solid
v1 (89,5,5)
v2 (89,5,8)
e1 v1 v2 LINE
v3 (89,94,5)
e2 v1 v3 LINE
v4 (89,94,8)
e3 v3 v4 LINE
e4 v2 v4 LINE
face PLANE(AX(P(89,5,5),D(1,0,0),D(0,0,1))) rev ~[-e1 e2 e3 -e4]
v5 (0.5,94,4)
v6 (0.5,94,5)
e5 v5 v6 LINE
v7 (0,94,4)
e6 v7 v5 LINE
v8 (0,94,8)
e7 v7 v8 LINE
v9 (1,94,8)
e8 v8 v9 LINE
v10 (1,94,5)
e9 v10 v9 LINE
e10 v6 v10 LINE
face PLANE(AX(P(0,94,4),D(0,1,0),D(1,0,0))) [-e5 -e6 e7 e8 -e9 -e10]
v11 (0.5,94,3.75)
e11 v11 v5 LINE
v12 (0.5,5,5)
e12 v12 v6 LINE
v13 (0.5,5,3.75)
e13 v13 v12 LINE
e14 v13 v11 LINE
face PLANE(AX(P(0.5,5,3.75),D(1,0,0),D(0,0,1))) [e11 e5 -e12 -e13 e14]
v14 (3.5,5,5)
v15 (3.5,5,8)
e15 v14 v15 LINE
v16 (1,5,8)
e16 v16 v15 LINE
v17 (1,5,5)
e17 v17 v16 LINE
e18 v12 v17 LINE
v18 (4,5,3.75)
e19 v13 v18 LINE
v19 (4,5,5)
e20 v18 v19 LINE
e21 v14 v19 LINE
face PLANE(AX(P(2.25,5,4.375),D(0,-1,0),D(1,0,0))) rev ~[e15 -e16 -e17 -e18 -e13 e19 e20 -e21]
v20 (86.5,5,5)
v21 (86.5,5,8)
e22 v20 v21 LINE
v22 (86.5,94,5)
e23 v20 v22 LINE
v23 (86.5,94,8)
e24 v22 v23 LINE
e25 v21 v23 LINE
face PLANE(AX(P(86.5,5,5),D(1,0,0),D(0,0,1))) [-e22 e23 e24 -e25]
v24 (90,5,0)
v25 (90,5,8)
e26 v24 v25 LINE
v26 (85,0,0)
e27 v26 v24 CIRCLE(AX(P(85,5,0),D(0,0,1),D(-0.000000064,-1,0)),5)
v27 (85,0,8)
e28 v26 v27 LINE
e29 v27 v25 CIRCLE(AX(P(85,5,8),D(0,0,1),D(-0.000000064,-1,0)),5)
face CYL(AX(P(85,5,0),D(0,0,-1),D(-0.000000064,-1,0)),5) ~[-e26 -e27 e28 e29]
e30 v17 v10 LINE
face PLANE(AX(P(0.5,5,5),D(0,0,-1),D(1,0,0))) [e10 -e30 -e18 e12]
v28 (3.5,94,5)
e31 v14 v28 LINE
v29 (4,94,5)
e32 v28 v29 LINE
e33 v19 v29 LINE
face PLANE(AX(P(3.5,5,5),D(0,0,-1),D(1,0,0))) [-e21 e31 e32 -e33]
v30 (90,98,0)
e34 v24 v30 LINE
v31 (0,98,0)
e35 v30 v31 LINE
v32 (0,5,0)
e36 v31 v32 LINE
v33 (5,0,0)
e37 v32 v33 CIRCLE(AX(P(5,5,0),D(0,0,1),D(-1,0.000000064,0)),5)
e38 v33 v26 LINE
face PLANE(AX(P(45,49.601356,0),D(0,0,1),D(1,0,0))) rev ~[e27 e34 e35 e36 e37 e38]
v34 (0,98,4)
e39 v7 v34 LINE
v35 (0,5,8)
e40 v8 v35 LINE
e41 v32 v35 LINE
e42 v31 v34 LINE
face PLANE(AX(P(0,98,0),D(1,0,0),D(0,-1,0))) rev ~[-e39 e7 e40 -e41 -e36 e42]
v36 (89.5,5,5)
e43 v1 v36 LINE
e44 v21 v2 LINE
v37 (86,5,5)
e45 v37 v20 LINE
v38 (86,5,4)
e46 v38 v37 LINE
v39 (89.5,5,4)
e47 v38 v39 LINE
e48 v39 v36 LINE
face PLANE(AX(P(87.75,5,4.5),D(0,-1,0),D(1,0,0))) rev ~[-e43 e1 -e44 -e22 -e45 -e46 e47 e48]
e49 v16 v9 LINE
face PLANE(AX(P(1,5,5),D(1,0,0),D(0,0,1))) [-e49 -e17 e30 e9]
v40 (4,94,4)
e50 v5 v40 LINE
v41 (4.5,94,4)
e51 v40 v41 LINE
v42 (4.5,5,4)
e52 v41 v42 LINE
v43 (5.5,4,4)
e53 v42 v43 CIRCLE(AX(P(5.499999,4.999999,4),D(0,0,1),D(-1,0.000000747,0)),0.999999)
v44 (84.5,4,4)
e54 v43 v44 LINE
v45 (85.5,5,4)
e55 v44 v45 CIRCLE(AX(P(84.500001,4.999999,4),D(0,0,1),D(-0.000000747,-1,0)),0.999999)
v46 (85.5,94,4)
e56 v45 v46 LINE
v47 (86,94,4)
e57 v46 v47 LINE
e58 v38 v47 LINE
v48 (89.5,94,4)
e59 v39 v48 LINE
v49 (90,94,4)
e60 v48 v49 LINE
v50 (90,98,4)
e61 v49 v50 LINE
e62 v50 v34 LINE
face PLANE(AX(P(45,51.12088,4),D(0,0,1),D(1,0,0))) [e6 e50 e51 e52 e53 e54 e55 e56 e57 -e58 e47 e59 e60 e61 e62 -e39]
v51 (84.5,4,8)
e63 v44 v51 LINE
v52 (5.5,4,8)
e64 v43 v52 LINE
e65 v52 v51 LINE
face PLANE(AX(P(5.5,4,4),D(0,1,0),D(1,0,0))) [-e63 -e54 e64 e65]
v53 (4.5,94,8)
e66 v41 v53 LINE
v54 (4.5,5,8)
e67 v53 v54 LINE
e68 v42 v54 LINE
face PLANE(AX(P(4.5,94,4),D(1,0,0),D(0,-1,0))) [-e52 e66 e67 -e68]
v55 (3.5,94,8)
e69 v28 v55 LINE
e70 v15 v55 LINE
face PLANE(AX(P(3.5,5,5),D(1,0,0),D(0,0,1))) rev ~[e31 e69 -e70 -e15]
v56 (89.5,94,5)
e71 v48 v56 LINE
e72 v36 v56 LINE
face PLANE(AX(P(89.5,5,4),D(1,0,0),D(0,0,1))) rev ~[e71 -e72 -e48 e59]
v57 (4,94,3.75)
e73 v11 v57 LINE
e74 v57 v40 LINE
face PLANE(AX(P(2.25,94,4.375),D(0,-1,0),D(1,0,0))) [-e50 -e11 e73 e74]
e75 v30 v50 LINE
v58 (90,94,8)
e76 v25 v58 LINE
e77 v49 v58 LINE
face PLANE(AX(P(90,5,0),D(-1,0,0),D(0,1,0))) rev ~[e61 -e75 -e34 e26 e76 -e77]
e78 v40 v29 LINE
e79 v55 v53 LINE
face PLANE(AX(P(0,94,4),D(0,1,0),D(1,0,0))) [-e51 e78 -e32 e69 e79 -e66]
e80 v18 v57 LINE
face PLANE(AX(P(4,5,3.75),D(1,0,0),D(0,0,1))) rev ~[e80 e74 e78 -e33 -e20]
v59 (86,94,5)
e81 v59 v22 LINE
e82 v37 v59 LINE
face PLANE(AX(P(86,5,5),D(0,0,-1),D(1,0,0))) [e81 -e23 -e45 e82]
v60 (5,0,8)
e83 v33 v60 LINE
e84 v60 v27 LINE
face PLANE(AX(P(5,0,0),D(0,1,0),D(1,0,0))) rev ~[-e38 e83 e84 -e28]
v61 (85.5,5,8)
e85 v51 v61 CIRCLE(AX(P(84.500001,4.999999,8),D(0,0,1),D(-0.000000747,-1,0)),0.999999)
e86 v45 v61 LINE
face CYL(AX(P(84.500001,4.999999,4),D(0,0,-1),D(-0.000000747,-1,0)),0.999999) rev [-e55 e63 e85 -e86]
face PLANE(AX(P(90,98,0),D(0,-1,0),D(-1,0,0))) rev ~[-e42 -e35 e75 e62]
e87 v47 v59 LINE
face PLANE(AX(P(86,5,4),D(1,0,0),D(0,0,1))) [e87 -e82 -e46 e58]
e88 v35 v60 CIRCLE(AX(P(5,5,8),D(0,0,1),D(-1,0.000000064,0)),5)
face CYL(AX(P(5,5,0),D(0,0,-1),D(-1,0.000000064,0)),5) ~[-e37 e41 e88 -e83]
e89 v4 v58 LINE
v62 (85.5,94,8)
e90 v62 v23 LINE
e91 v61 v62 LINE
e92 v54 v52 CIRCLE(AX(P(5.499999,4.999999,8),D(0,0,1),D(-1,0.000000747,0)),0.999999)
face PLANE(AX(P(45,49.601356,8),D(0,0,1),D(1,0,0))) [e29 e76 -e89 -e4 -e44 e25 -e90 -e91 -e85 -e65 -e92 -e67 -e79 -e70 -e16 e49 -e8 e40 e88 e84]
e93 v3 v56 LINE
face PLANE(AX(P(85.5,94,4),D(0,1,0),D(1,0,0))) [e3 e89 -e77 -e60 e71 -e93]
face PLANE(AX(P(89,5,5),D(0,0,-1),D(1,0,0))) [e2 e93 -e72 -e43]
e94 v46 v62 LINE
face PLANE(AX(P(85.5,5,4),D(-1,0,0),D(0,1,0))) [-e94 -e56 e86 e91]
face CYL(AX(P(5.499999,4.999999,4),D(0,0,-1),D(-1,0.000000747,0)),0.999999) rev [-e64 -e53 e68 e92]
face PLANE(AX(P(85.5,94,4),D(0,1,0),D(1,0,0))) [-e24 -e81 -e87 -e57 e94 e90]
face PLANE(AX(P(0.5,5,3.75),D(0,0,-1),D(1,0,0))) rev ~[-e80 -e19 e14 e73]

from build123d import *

# Parameters (mm, degrees)
EXTRUDE_DEPTH   = 4
PAD_DEPTH       = 8
POCKET_START    = 4
SKETCH001_W     = 90
SKETCH001_H     = 4
POCKET_DEPTH    = 4
POCKET001_START = -5
SKETCH002_W     = 3.5
SKETCH002_H     = 1
SKETCH002_W_2   = 2.5
SKETCH002_H_2   = 3
SKETCH002_H_3   = 1.25
POCKET001_DEPTH = 89


with BuildPart() as part:
    # Face001 → Extrude (new body)
    with BuildSketch(Plane(origin=(44.07068, 49.485801, 0), x_dir=(0, 1, 0), z_dir=(0, 0, 1))):
        with BuildLine():
            add(Edge.make_bspline(
                [(-12.189347, 20.903638), (-8.616149, 10.816398)],
                knots=[0, 0, 8.089254, 8.089254], degree=1))
            add(Edge.make_bspline(
                [(-8.616149, 10.816398), (-9.34243, 10.514773)],
                knots=[0, 0, 0.594462, 0.594462], degree=1))
            add(Edge.make_bspline(
                [(-9.34243, 10.514773), (-9.595107, 10.410263), (-9.751211, 10.165523), (-9.751211, 9.903586)],
                knots=[0, 0, 0, 0, 1, 1, 1, 1], degree=3))
            add(Edge.make_bspline(
                [(-9.751211, 9.903586), (-9.751211, 9.842732), (-9.743274, 9.781877), (-9.724753, 9.7197)],
                knots=[0, 0, 0, 0, 1, 1, 1, 1], degree=3))
            add(Edge.make_bspline(
                [(-9.724753, 9.7197), (-6.950597, 0.094159)],
                knots=[0, 0, 7.572159, 7.572159], degree=1))
            add(Edge.make_bspline(
                [(-6.950597, 0.094159), (-7.703336, -0.194237)],
                knots=[0, 0, 0.609332, 0.609332], degree=1))
            add(Edge.make_bspline(
                [(-7.703336, -0.194237), (-7.963951, -0.292133), (-8.127992, -0.542164), (-8.127992, -0.809393)],
                knots=[0, 0, 0, 0, 1, 1, 1, 1], degree=3))
            add(Edge.make_bspline(
                [(-8.127992, -0.809393), (-8.127992, -0.874216), (-8.118732, -0.939039), (-8.098888, -1.003862)],
                knots=[0, 0, 0, 0, 1, 1, 1, 1], degree=3))
            add(Edge.make_bspline(
                [(-8.098888, -1.003862), (-2.807222, -18.201779)],
                knots=[0, 0, 13.601471, 13.601471], degree=1))
            add(Edge.make_bspline(
                [(-2.807222, -18.201779), (-2.752982, -18.37905), (-2.627305, -18.524571), (-2.460617, -18.603946)],
                knots=[0, 0, 0, 0, 1, 1, 1, 1], degree=3))
            add(Edge.make_bspline(
                [(-2.460617, -18.603946), (-2.29393, -18.683321), (-2.100784, -18.689935), (-1.930128, -18.621143)],
                knots=[0, 0, 0, 0, 1, 1, 1, 1], degree=3))
            add(Edge.make_bspline(
                [(-1.930128, -18.621143), (14.607653, -12.00656)],
                knots=[0, 0, 13.46384, 13.46384], degree=1))
            add(Edge.make_bspline(
                [(14.607653, -12.00656), (14.782278, -11.936446), (14.918539, -11.796216), (14.983362, -11.620268)],
                knots=[0, 0, 0, 0, 1, 1, 1, 1], degree=3))
            add(Edge.make_bspline(
                [(14.983362, -11.620268), (15.046862, -11.444321), (15.034956, -11.248529), (14.947643, -11.083164)],
                knots=[0, 0, 0, 0, 1, 1, 1, 1], degree=3))
            add(Edge.make_bspline(
                [(14.947643, -11.083164), (6.637081, 4.667482)],
                knots=[0, 0, 13.461663, 13.461663], degree=1))
            add(Edge.make_bspline(
                [(6.637081, 4.667482), (6.480976, 4.963815), (6.127758, 5.096107), (5.815549, 4.975721)],
                knots=[0, 0, 0, 0, 1, 1, 1, 1], degree=3))
            add(Edge.make_bspline(
                [(5.815549, 4.975721), (4.96756, 4.651607)],
                knots=[0, 0, 0.686226, 0.686226], degree=1))
            add(Edge.make_bspline(
                [(4.96756, 4.651607), (-0.018513, 13.744013)],
                knots=[0, 0, 7.83859, 7.83859], degree=1))
            add(Edge.make_bspline(
                [(-0.018513, 13.744013), (-0.181232, 14.041669), (-0.541065, 14.167346), (-0.851951, 14.0377)],
                knots=[0, 0, 0, 0, 1, 1, 1, 1], degree=3))
            add(Edge.make_bspline(
                [(-0.851951, 14.0377), (-1.578232, 13.736075)],
                knots=[0, 0, 0.594462, 0.594462], degree=1))
            add(Edge.make_bspline(
                [(-1.578232, 13.736075), (-6.192565, 23.392044)],
                knots=[0, 0, 8.089595, 8.089595], degree=1))
            add(Edge.make_bspline(
                [(-6.192565, 23.392044), (-6.344701, 23.709544), (-6.717763, 23.852419), (-7.043201, 23.717482)],
                knots=[0, 0, 0, 0, 1, 1, 1, 1], degree=3))
            add(Edge.make_bspline(
                [(-7.043201, 23.717482), (-11.81893, 21.735752)],
                knots=[0, 0, 3.908466, 3.908466], degree=1))
            add(Edge.make_bspline(
                [(-11.81893, 21.735752), (-12.07293, 21.629919), (-12.227711, 21.385179), (-12.227711, 21.124565)],
                knots=[0, 0, 0, 0, 1, 1, 1, 1], degree=3))
            add(Edge.make_bspline(
                [(-12.227711, 21.124565), (-12.227711, 21.050482), (-12.215805, 20.976398), (-12.189347, 20.903638)],
                knots=[0, 0, 0, 0, 1, 1, 1, 1], degree=3))
        make_face()
        with BuildLine():
            add(Edge.make_bspline(
                [(-24.664451, 2.497898), (-24.664451, 2.132773), (-24.368117, 1.83644), (-24.002992, 1.83644)],
                knots=[0, 0, 0, 0, 1, 1, 1, 1], degree=3))
            add(Edge.make_bspline(
                [(-24.002992, 1.83644), (-15.404034, 1.83644)],
                knots=[0, 0, 6.5, 6.5], degree=1))
            add(Edge.make_bspline(
                [(-15.404034, 1.83644), (-15.404034, -1.166581)],
                knots=[0, 0, 2.27, 2.27], degree=1))
            add(Edge.make_bspline(
                [(-15.404034, -1.166581), (-24.43294, -8.905643)],
                knots=[0, 0, 8.989056, 8.989056], degree=1))
            add(Edge.make_bspline(
                [(-24.43294, -8.905643), (-24.586399, -9.036612), (-24.664451, -9.221821), (-24.664451, -9.408352)],
                knots=[0, 0, 0, 0, 1, 1, 1, 1], degree=3))
            add(Edge.make_bspline(
                [(-24.664451, -9.408352), (-24.664451, -9.560487), (-24.611534, -9.713946), (-24.504378, -9.8383)],
                knots=[0, 0, 0, 0, 1, 1, 1, 1], degree=3))
            add(Edge.make_bspline(
                [(-24.504378, -9.8383), (-24.266253, -10.116112), (-23.849534, -10.147862), (-23.571722, -9.909737)],
                knots=[0, 0, 0, 0, 1, 1, 1, 1], degree=3))
            add(Edge.make_bspline(
                [(-23.571722, -9.909737), (-14.497836, -2.13231)],
                knots=[0, 0, 9.033744, 9.033744], degree=1))
            add(Edge.make_bspline(
                [(-14.497836, -2.13231), (-12.857419, -2.13231)],
                knots=[0, 0, 1.24, 1.24], degree=1))
            add(Edge.make_bspline(
                [(-12.857419, -2.13231), (-11.318867, -2.13231), (-10.112367, -0.970789), (-10.112367, 0.513523)],
                knots=[0, 0, 0, 0, 1, 1, 1, 1], degree=3))
            add(Edge.make_bspline(
                [(-10.112367, 0.513523), (-10.112367, 4.482273)],
                knots=[0, 0, 3, 3], degree=1))
            add(Edge.make_bspline(
                [(-10.112367, 4.482273), (-10.112367, 5.990398), (-11.250076, 7.128107), (-12.758201, 7.128107)],
                knots=[0, 0, 0, 0, 1, 1, 1, 1], degree=3))
            add(Edge.make_bspline(
                [(-12.758201, 7.128107), (-14.497836, 7.128107)],
                knots=[0, 0, 1.315, 1.315], degree=1))
            add(Edge.make_bspline(
                [(-14.497836, 7.128107), (-23.571722, 14.905534)],
                knots=[0, 0, 9.033744, 9.033744], degree=1))
            add(Edge.make_bspline(
                [(-23.571722, 14.905534), (-23.848211, 15.143659), (-24.266253, 15.111909), (-24.504378, 14.834096)],
                knots=[0, 0, 0, 0, 1, 1, 1, 1], degree=3))
            add(Edge.make_bspline(
                [(-24.504378, 14.834096), (-24.611534, 14.709742), (-24.664451, 14.556284), (-24.664451, 14.404148)],
                knots=[0, 0, 0, 0, 1, 1, 1, 1], degree=3))
            add(Edge.make_bspline(
                [(-24.664451, 14.404148), (-24.664451, 14.217617), (-24.586399, 14.032409), (-24.43294, 13.902763)],
                knots=[0, 0, 0, 0, 1, 1, 1, 1], degree=3))
            add(Edge.make_bspline(
                [(-24.43294, 13.902763), (-15.404034, 6.162377)],
                knots=[0, 0, 8.989707, 8.989707], degree=1))
            add(Edge.make_bspline(
                [(-15.404034, 6.162377), (-15.404034, 3.159357)],
                knots=[0, 0, 2.27, 2.27], degree=1))
            add(Edge.make_bspline(
                [(-15.404034, 3.159357), (-24.002992, 3.159357)],
                knots=[0, 0, 6.5, 6.5], degree=1))
            add(Edge.make_bspline(
                [(-24.002992, 3.159357), (-24.368117, 3.159357), (-24.664451, 2.863023), (-24.664451, 2.497898)],
                knots=[0, 0, 0, 0, 1, 1, 1, 1], degree=3))
        make_face()
        with BuildLine():
            add(Edge.make_bspline(
                [(17.253487, -13.990935), (17.593476, -13.854675), (17.757518, -13.468383), (17.622581, -13.131039)],
                knots=[0, 0, 0, 0, 1, 1, 1, 1], degree=3))
            add(Edge.make_bspline(
                [(17.622581, -13.131039), (17.48632, -12.792373), (17.101351, -12.627008), (16.762685, -12.761946)],
                knots=[0, 0, 0, 0, 1, 1, 1, 1], degree=3))
            add(Edge.make_bspline(
                [(16.762685, -12.761946), (-3.081065, -20.699446)],
                knots=[0, 0, 16.155494, 16.155494], degree=1))
            add(Edge.make_bspline(
                [(-3.081065, -20.699446), (-3.340357, -20.803956), (-3.497784, -21.052664), (-3.497784, -21.314602)],
                knots=[0, 0, 0, 0, 1, 1, 1, 1], degree=3))
            add(Edge.make_bspline(
                [(-3.497784, -21.314602), (-3.497784, -21.396623), (-3.483232, -21.479966), (-3.450159, -21.560664)],
                knots=[0, 0, 0, 0, 1, 1, 1, 1], degree=3))
            add(Edge.make_bspline(
                [(-3.450159, -21.560664), (-3.313899, -21.899331), (-2.92893, -22.064696), (-2.590263, -21.929758)],
                knots=[0, 0, 0, 0, 1, 1, 1, 1], degree=3))
            add(Edge.make_bspline(
                [(-2.590263, -21.929758), (17.253487, -13.990935)],
                knots=[0, 0, 16.155866, 16.155866], degree=1))
        make_face()
    extrude(amount=EXTRUDE_DEPTH)


with BuildPart() as part_1:
    # Extrude placement: moved
    add(part.part.moved(Location((2.348148, 3.053205, -2))))


with BuildPart() as part_2:
    # BaseFeature placement: moved
    add(part_1.part.moved(Location((-2.348148, -3.053205, 2))))

    # Sketch → Pad (new body)
    with BuildSketch(Plane.XY):
        with BuildLine():
            Line((0, 98), (0, 5))
            ThreePointArc((0, 5), (1.464466, 1.464466), (5, 0))
            Line((5, 0), (85, 0))
            ThreePointArc((85, 0), (88.535534, 1.464466), (90, 5))
            Line((90, 5), (90, 98))
            Line((90, 98), (0, 98))
        make_face()
    extrude(amount=PAD_DEPTH)

    # Sketch001 → Pocket (cut)
    with BuildSketch(Plane.XY.offset(POCKET_START)):
        with BuildLine():
            Line((4.5, 98), (4.5, 5))
            ThreePointArc((4.5, 5), (4.792893, 4.292893), (5.5, 4))
            Line((5.5, 4), (84.5, 4))
            ThreePointArc((84.5, 4), (85.207107, 4.292893), (85.5, 5))
            Line((85.5, 5), (85.5, 98))
            Line((85.5, 98), (4.5, 98))
        make_face()
        with Locations((45, 96)):
            Rectangle(SKETCH001_W, SKETCH001_H)
    extrude(amount=POCKET_DEPTH, mode=Mode.SUBTRACT)

    # Sketch002 → Pocket001 (cut)
    with BuildSketch(Plane.XZ.offset(POCKET001_START)):
        with Locations((87.75, 4.5)):
            Rectangle(SKETCH002_W, SKETCH002_H)
        with Locations((87.75, 6.5)):
            Rectangle(SKETCH002_W_2, SKETCH002_H_2)
        with Locations((2.25, 4.375)):
            Rectangle(SKETCH002_W, SKETCH002_H_3)
        with Locations((2.25, 6.5)):
            Rectangle(SKETCH002_W_2, SKETCH002_H_2)
    extrude(amount=-POCKET001_DEPTH, mode=Mode.SUBTRACT)


solid = part_2.part
